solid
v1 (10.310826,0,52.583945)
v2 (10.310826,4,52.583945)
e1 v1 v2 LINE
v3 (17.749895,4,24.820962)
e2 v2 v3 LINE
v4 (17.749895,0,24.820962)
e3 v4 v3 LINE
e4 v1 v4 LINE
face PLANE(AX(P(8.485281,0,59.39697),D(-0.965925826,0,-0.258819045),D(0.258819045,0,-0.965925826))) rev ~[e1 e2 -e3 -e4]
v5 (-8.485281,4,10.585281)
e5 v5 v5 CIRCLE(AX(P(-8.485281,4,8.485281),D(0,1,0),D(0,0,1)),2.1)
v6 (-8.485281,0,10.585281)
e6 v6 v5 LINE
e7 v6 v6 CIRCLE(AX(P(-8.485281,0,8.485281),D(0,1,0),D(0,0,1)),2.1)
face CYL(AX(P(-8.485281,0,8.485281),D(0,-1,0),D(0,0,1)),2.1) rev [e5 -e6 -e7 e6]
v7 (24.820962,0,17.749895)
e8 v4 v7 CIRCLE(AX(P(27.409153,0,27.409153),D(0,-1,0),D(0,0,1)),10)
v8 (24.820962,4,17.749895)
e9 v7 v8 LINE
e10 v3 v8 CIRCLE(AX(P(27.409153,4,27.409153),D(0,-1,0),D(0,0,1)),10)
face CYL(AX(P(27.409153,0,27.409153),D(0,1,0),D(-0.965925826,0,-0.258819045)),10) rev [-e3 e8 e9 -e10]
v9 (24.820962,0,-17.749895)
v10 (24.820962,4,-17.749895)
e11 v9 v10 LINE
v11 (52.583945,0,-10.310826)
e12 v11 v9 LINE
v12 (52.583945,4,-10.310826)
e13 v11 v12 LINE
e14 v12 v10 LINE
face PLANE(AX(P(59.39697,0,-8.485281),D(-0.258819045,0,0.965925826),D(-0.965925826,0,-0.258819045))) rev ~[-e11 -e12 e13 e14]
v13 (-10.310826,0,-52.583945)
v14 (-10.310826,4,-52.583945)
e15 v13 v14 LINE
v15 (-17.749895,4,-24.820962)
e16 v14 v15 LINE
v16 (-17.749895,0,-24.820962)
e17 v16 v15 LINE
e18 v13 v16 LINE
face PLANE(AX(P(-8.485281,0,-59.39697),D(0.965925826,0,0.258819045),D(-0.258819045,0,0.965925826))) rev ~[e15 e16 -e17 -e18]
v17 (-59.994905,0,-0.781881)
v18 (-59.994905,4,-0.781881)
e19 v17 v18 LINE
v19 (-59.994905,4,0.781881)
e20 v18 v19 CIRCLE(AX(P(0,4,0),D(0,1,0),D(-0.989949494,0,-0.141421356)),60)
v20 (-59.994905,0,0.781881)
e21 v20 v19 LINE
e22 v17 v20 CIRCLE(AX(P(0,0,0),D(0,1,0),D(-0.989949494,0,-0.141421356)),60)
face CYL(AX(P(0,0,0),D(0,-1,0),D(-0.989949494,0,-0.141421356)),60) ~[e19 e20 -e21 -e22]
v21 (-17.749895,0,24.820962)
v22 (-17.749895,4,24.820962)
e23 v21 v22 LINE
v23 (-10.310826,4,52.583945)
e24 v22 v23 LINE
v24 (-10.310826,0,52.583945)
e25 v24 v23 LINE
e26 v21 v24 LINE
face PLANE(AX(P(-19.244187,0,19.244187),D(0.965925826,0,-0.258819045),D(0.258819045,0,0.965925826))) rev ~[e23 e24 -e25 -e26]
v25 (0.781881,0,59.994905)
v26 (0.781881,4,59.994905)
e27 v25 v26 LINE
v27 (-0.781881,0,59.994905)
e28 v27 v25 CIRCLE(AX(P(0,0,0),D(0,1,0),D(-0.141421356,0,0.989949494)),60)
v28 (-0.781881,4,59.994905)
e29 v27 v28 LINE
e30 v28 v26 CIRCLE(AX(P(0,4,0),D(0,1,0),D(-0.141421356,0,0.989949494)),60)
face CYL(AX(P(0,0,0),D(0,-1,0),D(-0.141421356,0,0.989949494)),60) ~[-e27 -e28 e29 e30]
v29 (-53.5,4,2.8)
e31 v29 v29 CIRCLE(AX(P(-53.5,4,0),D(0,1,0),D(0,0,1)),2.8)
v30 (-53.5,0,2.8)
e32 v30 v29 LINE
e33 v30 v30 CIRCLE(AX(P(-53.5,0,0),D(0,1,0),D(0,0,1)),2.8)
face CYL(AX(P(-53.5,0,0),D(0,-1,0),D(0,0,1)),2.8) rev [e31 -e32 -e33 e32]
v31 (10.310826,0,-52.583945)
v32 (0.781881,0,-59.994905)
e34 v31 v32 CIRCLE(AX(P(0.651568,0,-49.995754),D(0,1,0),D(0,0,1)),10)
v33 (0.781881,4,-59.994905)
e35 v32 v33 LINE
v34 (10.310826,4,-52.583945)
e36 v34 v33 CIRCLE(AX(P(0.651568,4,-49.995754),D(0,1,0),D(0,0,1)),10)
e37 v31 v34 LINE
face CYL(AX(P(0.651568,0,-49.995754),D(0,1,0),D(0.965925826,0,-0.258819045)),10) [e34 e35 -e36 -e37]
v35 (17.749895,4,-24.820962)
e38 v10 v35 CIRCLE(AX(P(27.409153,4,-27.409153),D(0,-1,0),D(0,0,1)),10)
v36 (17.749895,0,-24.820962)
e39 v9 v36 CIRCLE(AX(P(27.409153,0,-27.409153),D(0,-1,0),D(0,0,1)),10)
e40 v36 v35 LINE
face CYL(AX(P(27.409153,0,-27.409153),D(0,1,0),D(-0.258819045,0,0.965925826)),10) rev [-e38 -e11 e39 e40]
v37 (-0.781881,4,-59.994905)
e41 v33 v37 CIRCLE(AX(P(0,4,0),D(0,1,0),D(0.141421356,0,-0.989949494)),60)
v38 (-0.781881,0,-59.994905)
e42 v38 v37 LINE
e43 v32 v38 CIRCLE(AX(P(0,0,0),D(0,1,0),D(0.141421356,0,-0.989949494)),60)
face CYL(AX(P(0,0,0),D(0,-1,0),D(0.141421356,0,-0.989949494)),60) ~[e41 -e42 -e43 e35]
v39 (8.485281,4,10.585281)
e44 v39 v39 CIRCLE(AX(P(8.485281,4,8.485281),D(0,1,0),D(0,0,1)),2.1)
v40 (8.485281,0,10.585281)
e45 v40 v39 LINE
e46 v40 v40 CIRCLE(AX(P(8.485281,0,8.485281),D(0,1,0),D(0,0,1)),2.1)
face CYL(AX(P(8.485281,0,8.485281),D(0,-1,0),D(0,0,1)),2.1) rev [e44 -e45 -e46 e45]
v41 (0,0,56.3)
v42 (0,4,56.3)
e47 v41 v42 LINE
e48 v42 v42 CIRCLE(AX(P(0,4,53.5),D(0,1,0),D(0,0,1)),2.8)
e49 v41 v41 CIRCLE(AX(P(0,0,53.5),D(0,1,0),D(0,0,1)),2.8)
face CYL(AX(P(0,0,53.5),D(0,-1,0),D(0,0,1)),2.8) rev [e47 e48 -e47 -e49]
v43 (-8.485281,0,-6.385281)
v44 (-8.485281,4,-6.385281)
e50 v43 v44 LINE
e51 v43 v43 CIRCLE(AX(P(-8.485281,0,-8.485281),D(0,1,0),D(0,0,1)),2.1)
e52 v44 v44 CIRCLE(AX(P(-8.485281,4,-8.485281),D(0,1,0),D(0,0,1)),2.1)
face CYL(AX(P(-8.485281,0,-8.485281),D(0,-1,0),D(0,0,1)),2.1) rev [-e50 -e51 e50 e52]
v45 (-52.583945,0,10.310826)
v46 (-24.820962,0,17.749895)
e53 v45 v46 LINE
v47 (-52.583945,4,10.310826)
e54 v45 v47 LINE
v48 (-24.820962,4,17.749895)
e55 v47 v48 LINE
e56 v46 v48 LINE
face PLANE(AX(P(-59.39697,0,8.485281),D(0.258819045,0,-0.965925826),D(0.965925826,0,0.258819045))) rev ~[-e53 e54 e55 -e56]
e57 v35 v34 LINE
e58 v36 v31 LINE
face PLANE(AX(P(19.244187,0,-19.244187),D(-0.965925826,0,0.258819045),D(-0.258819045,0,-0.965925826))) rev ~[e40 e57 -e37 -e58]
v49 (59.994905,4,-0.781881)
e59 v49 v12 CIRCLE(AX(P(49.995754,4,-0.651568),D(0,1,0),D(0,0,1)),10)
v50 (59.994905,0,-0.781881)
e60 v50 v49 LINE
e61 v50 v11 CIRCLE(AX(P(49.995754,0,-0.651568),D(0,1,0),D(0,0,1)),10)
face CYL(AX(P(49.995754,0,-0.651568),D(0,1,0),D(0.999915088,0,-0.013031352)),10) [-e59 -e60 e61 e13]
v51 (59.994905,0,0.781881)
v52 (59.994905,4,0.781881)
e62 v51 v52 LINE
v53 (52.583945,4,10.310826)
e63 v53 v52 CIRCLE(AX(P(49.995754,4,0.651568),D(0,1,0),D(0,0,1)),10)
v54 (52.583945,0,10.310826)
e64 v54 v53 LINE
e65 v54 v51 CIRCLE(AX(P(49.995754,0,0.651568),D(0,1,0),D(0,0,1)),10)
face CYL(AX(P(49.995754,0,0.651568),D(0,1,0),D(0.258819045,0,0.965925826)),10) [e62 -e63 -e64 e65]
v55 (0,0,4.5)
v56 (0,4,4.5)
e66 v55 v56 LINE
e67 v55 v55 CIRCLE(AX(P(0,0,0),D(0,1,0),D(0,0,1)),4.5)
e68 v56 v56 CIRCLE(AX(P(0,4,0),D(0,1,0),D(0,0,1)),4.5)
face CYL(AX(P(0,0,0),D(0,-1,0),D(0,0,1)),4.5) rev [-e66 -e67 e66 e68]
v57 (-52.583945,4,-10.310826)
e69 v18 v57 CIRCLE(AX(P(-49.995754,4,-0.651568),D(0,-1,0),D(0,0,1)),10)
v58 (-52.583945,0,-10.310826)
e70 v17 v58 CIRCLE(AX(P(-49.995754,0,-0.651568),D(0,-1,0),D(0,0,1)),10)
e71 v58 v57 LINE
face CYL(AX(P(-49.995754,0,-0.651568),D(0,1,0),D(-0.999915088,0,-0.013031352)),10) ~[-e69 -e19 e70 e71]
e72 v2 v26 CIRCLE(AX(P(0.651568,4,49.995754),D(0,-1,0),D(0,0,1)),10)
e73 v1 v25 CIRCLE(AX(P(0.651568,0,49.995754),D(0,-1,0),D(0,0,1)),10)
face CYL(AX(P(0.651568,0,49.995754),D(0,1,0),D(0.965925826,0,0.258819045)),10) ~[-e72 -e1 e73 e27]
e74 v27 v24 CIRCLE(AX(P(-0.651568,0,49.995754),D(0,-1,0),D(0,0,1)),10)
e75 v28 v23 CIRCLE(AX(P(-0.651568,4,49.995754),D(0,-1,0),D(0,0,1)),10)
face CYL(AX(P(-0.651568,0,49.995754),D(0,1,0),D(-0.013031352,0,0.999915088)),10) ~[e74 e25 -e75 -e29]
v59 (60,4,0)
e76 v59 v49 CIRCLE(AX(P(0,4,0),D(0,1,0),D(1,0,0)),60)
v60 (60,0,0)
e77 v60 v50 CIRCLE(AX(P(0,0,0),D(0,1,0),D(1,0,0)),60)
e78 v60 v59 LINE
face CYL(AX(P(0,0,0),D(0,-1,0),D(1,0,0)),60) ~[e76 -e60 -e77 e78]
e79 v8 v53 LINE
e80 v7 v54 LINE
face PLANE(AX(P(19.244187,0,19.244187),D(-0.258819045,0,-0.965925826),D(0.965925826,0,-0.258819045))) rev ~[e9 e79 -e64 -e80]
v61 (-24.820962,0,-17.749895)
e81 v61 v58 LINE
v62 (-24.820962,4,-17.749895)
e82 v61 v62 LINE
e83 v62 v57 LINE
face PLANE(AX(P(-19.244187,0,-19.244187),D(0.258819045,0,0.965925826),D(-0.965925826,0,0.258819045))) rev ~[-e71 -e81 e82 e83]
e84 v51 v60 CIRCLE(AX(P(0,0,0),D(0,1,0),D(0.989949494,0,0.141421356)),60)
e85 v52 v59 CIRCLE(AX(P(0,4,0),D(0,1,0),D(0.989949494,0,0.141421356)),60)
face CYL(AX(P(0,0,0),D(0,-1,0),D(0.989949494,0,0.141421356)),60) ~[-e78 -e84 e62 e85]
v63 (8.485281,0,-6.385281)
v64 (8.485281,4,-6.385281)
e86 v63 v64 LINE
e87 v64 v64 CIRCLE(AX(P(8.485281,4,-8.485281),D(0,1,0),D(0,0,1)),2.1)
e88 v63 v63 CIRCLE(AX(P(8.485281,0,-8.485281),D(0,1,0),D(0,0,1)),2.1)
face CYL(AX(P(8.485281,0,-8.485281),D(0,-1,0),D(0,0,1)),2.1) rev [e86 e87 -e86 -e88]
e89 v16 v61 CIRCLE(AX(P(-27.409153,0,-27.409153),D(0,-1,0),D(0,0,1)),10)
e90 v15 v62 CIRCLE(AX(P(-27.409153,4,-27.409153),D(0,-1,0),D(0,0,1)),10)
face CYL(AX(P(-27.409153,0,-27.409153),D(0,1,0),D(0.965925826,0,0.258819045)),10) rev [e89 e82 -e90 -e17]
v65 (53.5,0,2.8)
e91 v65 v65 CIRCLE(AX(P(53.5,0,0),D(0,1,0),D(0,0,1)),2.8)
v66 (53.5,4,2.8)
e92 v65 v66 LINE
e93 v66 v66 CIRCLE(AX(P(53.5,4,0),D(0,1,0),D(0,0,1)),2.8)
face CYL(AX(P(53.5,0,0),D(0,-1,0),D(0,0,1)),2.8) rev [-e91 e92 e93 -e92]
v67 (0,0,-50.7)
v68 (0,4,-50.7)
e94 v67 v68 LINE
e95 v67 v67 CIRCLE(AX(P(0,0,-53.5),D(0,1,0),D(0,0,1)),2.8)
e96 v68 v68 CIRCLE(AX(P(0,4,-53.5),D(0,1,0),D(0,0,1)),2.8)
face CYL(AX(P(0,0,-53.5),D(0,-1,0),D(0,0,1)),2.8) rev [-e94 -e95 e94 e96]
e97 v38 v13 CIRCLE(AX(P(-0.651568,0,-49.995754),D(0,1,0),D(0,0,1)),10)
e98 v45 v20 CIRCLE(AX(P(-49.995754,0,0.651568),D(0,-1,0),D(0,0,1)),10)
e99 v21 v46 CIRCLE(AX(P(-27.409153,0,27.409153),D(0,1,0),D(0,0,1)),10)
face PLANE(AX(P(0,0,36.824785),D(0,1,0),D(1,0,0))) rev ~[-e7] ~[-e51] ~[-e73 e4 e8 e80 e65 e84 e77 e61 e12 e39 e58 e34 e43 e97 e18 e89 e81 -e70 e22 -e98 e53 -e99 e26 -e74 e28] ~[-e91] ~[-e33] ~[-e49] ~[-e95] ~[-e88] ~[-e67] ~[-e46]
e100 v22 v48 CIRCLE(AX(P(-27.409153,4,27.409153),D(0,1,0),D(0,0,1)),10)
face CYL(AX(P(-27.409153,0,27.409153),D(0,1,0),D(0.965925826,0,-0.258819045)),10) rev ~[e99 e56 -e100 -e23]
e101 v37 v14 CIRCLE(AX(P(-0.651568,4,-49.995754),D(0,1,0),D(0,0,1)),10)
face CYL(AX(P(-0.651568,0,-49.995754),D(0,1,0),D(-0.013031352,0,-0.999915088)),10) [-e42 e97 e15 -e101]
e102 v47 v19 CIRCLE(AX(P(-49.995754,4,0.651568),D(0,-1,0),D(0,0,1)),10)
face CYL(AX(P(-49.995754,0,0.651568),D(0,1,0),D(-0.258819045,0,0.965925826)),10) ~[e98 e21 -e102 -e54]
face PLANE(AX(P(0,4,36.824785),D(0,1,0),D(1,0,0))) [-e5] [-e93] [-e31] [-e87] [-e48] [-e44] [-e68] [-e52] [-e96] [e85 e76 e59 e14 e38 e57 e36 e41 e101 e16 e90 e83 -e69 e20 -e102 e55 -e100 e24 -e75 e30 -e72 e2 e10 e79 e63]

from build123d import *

# Parameters (mm, degrees)
SKETCH_1_R      = 2.8
SKETCH_1_R_2    = 2.1
SKETCH_1_R_3    = 4.5
EXTRUDE_1_DEPTH = 4
FILLET_1_R      = 10


with BuildPart() as part:
    # 草图1 → 凸台-拉伸1 (new body)
    # profile 1 of 5: a face of its own
    with BuildSketch(Plane(origin=(0, 0, 0), x_dir=(1, 0, 0), z_dir=(0, 1, 0))):
        with BuildLine():
            Line((-24.400651417, 0), (-19.24418704, 19.24418704))
            Line((-19.24418704, 19.24418704), (-59.39696962, 8.485281374))
            ThreePointArc((-59.39696962, 8.485281374), (-60, 0), (-59.39696962, -8.485281374))
            Line((-59.39696962, -8.485281374), (-19.24418704, -19.24418704))
            Line((-19.24418704, -19.24418704), (-24.400651417, 0))
        make_face()
        with Locations(Location((-53.5, 0, 0), (0, 0, 270))):
            Circle(SKETCH_1_R, mode=Mode.SUBTRACT)
    # profile 2 of 5: a face of its own
    with BuildSketch(Plane(origin=(0, 0, 0), x_dir=(1, 0, 0), z_dir=(0, 1, 0))):
        Polygon((24.400651417, 0), (19.24418704, 19.24418704), (0, 24.400651417), (-19.24418704, 19.24418704), (-24.400651417, 0), (-19.24418704, -19.24418704), (0, -24.400651417), (19.24418704, -19.24418704), align=None)
        with Locations(Location((-8.485281374, -8.485281374, 0), (0, 0, 270))):
            Circle(SKETCH_1_R_2, mode=Mode.SUBTRACT)
        with Locations(Location((0, 0, 0), (0, 0, 270))):
            Circle(SKETCH_1_R_3, mode=Mode.SUBTRACT)
        with Locations(Location((8.485281374, -8.485281374, 0), (0, 0, 270))):
            Circle(SKETCH_1_R_2, mode=Mode.SUBTRACT)
        with Locations(Location((-8.485281374, 8.485281374, 0), (0, 0, 270))):
            Circle(SKETCH_1_R_2, mode=Mode.SUBTRACT)
        with Locations(Location((8.485281374, 8.485281374, 0), (0, 0, 270))):
            Circle(SKETCH_1_R_2, mode=Mode.SUBTRACT)
    # profile 3 of 5: a face of its own
    with BuildSketch(Plane(origin=(0, 0, 0), x_dir=(1, 0, 0), z_dir=(0, 1, 0))):
        with BuildLine():
            Line((19.24418704, 19.24418704), (8.485281374, 59.39696962))
            ThreePointArc((8.485281374, 59.39696962), (0, 60), (-8.485281374, 59.39696962))
            Line((-8.485281374, 59.39696962), (-19.24418704, 19.24418704))
            Line((-19.24418704, 19.24418704), (0, 24.400651417))
            Line((0, 24.400651417), (19.24418704, 19.24418704))
        make_face()
        with Locations(Location((0, 53.5, 0), (0, 0, 270))):
            Circle(SKETCH_1_R, mode=Mode.SUBTRACT)
    # profile 4 of 5: a face of its own
    with BuildSketch(Plane(origin=(0, 0, 0), x_dir=(1, 0, 0), z_dir=(0, 1, 0))):
        with BuildLine():
            Line((59.39696962, 8.485281374), (19.24418704, 19.24418704))
            Line((19.24418704, 19.24418704), (24.400651417, 0))
            Line((24.400651417, 0), (19.24418704, -19.24418704))
            Line((19.24418704, -19.24418704), (59.39696962, -8.485281374))
            ThreePointArc((59.39696962, -8.485281374), (59.849052529, -4.253341205), (60, 0))
            ThreePointArc((60, 0), (59.849052529, 4.253341205), (59.39696962, 8.485281374))
        make_face()
        with Locations(Location((53.5, 0, 0), (0, 0, 270))):
            Circle(SKETCH_1_R, mode=Mode.SUBTRACT)
    # profile 5 of 5: a face of its own
    with BuildSketch(Plane(origin=(0, 0, 0), x_dir=(1, 0, 0), z_dir=(0, 1, 0))):
        with BuildLine():
            Line((8.485281374, -59.39696962), (19.24418704, -19.24418704))
            Line((19.24418704, -19.24418704), (0, -24.400651417))
            Line((0, -24.400651417), (-19.24418704, -19.24418704))
            Line((-19.24418704, -19.24418704), (-8.485281374, -59.39696962))
            ThreePointArc((-8.485281374, -59.39696962), (0, -60), (8.485281374, -59.39696962))
        make_face()
        with Locations(Location((0, -53.5, 0), (0, 0, 270))):
            Circle(SKETCH_1_R, mode=Mode.SUBTRACT)
    extrude(amount=EXTRUDE_1_DEPTH)

    # 圆角1
    fillet_1_edges = [part.edges().sort_by_distance(p)[0] for p in [
        (-19.24418704, 2, -19.24418704),
        (-8.485281374, 2, -59.39696962),
        (8.485281374, 2, -59.39696962),
        (19.24418704, 2, -19.24418704),
        (59.39696962, 2, -8.485281374),
        (59.39696962, 2, 8.485281374),
        (19.24418704, 2, 19.24418704),
        (8.485281374, 2, 59.39696962),
        (-8.485281374, 2, 59.39696962),
        (-19.24418704, 2, 19.24418704),
        (-59.39696962, 2, 8.485281374),
        (-59.39696962, 2, -8.485281374),
    ]]
    fillet(fillet_1_edges, radius=FILLET_1_R)


solid = part.part
